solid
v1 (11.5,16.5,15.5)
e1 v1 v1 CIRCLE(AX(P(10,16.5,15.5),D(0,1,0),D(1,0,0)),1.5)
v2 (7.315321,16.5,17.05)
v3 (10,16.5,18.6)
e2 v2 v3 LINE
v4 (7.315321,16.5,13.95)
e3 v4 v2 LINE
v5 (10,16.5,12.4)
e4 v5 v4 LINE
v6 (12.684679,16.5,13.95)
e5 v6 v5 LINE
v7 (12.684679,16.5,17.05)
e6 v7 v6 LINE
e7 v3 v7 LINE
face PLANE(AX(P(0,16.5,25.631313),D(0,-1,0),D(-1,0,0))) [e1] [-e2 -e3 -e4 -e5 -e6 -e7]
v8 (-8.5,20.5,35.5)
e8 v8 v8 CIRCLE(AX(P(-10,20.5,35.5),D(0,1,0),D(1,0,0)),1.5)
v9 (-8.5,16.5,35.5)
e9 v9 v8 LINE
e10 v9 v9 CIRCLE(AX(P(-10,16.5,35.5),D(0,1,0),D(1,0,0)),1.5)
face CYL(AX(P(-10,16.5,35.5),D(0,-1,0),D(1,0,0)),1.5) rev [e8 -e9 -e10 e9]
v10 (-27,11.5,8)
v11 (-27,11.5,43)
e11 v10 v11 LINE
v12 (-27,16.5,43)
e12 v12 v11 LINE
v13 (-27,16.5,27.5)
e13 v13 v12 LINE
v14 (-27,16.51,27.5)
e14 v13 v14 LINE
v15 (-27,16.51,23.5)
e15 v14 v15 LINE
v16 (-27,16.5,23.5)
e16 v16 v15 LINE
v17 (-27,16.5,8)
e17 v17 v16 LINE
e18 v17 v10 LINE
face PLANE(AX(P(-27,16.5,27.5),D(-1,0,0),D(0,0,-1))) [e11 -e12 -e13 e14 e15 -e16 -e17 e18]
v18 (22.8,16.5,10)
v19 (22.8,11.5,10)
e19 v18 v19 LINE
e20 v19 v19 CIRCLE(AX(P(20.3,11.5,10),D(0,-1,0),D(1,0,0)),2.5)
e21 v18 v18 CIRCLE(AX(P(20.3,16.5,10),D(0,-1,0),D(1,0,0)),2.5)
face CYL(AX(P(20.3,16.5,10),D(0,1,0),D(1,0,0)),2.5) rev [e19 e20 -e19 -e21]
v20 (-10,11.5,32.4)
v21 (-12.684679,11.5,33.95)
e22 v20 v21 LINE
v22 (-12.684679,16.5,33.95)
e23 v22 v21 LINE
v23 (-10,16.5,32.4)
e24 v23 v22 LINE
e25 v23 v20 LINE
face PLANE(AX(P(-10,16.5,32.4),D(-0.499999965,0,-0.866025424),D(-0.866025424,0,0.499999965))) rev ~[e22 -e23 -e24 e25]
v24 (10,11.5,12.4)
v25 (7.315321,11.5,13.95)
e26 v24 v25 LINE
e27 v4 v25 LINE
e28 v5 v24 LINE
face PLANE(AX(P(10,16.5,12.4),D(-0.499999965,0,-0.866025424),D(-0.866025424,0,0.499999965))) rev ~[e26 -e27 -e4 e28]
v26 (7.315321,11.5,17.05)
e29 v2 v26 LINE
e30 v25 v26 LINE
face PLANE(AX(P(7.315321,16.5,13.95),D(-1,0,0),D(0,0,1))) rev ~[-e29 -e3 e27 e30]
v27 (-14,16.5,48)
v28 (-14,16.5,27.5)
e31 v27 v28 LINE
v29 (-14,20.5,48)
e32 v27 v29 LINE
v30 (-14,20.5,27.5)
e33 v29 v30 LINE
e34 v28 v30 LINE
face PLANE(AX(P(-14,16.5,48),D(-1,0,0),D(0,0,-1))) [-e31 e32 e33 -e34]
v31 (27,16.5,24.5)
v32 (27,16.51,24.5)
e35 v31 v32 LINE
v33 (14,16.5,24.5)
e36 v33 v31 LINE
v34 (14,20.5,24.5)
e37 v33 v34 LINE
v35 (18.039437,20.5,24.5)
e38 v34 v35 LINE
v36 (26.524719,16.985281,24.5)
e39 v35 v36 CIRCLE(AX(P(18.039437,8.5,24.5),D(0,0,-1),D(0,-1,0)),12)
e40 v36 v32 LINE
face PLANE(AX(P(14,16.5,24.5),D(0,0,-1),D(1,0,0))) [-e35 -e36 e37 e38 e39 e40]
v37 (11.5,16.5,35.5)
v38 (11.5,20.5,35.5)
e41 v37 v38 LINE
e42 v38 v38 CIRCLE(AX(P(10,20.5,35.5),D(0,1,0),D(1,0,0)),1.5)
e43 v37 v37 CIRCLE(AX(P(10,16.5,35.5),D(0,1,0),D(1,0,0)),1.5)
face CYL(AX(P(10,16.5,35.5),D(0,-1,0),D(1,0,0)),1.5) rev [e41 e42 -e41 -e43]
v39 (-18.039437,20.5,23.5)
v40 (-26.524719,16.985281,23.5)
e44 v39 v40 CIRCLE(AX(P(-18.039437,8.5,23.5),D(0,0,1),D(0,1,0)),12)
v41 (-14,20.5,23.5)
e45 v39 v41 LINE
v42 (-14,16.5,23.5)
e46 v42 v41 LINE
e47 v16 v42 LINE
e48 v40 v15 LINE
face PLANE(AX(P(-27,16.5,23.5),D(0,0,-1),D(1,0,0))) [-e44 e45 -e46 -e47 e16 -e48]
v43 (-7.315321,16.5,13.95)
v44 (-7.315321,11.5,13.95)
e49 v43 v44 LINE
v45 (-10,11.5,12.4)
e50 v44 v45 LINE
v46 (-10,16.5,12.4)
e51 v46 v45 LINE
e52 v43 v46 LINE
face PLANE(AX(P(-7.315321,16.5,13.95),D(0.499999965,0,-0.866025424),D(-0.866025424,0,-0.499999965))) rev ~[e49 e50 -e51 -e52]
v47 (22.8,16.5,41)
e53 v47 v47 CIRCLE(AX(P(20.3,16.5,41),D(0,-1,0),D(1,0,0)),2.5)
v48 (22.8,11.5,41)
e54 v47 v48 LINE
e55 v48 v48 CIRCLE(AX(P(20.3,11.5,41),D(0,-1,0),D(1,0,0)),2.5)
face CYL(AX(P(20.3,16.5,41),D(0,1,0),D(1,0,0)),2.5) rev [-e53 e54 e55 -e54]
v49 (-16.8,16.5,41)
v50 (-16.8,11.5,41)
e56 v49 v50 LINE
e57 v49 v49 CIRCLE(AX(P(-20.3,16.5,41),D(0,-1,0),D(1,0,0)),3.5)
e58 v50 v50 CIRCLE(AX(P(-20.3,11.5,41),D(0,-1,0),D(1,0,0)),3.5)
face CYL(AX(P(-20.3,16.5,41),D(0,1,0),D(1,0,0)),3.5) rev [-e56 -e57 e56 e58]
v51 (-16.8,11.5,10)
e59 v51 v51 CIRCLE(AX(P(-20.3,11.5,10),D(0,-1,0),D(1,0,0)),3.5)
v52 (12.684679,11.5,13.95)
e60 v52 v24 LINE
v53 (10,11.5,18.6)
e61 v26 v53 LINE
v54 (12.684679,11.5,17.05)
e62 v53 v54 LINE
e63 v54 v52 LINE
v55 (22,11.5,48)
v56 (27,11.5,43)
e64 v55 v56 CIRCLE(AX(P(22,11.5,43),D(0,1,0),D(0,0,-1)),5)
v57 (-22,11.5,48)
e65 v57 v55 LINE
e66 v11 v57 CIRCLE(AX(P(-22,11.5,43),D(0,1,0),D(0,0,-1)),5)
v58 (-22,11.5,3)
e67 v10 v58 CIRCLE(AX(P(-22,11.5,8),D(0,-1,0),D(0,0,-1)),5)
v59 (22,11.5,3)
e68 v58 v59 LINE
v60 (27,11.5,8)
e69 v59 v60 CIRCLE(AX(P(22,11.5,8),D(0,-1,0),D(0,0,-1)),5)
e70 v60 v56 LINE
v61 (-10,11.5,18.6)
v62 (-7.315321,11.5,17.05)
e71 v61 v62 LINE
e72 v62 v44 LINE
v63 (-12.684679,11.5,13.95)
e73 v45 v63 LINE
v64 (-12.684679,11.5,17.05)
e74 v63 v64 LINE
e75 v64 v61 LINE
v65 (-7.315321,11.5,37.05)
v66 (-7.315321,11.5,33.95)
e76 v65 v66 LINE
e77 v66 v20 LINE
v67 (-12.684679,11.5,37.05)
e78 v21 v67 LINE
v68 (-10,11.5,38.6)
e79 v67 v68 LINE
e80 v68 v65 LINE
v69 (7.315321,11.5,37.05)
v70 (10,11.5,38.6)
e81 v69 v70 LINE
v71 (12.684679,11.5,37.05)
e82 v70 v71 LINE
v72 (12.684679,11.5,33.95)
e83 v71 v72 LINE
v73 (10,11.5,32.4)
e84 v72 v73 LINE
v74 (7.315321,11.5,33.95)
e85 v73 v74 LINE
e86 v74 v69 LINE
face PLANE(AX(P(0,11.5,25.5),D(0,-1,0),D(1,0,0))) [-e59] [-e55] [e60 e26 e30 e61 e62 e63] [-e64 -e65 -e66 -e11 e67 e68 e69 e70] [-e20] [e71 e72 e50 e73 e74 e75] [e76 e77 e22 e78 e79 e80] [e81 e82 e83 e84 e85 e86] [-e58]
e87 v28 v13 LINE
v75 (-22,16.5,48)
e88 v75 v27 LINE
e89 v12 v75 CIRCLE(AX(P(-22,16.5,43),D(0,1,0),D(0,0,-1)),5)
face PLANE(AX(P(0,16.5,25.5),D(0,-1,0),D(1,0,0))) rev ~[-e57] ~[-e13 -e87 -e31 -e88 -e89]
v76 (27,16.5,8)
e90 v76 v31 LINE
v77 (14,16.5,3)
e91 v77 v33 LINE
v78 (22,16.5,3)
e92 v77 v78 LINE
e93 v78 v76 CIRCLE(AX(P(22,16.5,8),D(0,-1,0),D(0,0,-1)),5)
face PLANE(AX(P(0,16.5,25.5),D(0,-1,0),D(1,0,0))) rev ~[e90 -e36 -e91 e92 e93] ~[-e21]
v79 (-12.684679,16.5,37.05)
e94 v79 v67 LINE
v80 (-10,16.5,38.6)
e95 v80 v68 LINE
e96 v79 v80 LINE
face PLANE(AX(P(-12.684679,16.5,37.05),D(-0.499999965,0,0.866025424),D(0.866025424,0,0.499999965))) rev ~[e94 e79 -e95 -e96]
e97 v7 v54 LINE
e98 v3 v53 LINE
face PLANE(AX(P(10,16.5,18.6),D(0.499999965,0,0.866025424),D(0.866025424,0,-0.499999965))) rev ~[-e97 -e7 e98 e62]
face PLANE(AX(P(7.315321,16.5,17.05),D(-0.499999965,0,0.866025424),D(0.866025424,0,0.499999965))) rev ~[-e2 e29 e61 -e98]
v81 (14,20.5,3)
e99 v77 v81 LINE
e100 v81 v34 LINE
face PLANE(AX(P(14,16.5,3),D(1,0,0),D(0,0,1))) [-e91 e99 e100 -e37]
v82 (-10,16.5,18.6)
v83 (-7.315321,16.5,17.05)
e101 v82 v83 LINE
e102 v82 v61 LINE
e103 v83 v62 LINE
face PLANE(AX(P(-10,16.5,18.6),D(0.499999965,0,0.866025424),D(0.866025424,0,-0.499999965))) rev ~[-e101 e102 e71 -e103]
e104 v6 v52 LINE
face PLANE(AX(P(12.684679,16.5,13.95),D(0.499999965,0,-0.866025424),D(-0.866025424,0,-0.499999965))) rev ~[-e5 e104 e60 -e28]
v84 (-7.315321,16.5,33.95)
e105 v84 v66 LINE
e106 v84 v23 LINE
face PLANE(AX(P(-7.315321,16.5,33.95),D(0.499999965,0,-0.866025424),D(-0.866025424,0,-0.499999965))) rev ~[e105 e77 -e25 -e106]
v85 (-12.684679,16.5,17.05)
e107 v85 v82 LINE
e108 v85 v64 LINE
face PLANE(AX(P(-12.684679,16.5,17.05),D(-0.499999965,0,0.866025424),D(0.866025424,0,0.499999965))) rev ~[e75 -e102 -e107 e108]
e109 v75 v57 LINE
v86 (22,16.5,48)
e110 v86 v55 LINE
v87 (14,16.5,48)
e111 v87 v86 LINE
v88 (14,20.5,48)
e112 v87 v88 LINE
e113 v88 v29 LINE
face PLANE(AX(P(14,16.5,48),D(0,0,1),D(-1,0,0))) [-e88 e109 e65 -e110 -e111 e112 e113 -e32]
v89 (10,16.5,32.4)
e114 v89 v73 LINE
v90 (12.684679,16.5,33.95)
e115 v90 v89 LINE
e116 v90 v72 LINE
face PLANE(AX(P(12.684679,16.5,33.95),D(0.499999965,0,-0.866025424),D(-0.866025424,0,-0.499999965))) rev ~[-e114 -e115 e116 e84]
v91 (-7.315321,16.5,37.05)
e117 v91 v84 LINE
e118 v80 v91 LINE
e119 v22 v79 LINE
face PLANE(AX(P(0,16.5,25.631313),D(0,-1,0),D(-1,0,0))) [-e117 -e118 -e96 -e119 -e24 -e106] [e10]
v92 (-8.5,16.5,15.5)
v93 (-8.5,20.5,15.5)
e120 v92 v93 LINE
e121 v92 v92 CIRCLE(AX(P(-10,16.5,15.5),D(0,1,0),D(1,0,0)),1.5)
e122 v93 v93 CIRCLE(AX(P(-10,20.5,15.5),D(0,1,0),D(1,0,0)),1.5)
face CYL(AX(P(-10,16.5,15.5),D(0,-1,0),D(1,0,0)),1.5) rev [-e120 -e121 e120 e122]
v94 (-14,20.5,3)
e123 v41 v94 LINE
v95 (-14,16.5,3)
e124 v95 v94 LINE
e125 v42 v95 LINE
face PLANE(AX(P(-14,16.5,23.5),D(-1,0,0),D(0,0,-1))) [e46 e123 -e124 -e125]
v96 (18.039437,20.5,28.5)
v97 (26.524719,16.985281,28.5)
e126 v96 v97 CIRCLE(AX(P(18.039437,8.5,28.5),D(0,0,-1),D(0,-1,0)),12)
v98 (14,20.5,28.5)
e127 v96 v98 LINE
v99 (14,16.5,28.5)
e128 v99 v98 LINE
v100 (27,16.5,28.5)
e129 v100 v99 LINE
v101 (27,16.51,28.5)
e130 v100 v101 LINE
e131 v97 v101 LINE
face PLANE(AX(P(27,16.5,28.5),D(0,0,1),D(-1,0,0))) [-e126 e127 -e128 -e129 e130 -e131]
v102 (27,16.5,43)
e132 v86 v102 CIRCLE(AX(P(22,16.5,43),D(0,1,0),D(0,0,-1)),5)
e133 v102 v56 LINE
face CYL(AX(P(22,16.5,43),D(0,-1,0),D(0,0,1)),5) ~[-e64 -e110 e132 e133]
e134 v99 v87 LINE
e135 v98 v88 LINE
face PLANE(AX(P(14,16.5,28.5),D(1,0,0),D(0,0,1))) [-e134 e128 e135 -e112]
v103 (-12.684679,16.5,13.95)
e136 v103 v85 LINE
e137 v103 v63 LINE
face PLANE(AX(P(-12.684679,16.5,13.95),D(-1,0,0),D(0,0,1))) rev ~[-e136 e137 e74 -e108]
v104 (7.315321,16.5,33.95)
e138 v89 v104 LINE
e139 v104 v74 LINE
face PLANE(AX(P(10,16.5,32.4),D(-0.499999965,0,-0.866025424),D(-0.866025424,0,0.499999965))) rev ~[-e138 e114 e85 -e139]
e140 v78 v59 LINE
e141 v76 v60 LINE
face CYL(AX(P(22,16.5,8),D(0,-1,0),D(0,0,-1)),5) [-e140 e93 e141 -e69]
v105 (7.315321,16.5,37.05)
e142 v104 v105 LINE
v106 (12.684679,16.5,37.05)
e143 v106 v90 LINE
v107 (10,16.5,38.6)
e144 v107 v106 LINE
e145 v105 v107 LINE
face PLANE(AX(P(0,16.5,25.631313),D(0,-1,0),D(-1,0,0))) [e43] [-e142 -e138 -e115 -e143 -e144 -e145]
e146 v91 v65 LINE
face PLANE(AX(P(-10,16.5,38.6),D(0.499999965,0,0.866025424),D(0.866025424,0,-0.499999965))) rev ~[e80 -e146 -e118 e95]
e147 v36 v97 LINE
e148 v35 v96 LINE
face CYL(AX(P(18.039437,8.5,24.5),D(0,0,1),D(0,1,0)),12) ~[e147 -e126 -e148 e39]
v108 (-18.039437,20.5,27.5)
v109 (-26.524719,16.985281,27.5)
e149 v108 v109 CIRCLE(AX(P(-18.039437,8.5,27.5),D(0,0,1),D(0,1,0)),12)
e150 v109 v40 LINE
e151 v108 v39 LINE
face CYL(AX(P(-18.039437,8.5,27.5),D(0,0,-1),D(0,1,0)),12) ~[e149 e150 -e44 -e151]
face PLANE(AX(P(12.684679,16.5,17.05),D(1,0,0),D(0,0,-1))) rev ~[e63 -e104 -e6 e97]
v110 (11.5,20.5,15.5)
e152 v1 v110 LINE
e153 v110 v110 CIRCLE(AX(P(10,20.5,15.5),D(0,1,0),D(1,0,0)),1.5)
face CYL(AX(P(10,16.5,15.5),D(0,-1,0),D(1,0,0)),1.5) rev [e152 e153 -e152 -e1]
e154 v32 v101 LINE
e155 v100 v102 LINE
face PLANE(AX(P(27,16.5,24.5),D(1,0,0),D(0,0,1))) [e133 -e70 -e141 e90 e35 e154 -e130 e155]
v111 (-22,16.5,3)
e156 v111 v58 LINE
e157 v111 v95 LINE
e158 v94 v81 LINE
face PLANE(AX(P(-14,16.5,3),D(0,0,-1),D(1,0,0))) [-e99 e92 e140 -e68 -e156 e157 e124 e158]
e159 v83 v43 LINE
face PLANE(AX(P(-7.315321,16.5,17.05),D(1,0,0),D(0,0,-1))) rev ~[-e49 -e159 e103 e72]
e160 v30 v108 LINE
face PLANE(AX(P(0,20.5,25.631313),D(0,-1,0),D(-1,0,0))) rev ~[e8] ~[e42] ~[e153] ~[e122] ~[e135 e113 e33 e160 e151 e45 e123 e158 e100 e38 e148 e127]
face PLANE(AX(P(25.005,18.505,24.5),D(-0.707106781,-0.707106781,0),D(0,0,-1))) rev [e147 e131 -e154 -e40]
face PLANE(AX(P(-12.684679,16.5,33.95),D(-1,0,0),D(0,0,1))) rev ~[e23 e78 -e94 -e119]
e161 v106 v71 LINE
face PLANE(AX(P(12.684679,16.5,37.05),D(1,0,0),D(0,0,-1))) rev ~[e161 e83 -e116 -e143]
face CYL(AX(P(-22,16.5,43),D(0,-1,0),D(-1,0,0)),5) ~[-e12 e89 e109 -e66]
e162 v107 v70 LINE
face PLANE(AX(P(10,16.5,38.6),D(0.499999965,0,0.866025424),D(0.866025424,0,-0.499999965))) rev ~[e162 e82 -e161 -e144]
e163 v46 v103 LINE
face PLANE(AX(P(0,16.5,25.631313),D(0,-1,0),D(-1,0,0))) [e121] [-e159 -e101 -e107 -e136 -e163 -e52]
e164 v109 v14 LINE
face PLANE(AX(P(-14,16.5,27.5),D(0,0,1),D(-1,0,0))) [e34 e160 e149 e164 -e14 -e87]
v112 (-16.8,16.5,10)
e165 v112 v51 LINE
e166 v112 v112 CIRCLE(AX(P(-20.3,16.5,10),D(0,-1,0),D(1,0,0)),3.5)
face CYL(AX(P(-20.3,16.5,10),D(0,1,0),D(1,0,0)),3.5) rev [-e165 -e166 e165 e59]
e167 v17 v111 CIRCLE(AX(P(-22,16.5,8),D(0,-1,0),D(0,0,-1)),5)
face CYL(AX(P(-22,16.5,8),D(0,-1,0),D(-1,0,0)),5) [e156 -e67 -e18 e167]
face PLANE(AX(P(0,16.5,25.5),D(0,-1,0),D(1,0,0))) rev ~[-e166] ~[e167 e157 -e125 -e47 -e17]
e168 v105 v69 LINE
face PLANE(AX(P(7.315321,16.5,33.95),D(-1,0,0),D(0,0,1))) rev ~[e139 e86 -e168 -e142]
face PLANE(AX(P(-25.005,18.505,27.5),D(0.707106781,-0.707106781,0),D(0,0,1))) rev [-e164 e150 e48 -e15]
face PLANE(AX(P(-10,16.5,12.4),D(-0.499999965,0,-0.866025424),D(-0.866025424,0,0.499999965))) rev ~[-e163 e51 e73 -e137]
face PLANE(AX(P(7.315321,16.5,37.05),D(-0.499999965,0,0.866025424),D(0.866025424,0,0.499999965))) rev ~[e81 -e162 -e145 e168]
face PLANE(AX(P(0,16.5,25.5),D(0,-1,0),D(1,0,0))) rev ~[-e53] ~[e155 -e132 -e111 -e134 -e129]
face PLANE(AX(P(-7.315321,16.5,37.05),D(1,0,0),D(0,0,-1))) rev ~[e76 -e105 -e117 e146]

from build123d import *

# Parameters (mm, degrees)
SKETCH005_W   = 54
SKETCH005_H   = 45
SKETCH005_R   = 3.5
SKETCH005_R_2 = 2.5
PAD001_DEPTH  = 5
FILLET_R      = 5
POCKET_DEPTH  = 5
SKETCH007_R   = 1.5
PAD002_DEPTH  = 4
CHAMFER_SIZE  = 3.99
FILLET001_R   = 12


with BuildPart() as part:
    # Sketch005 → Pad001 (new body)
    with BuildSketch(Plane.XZ):
        with Locations((0, 25.5)):
            Rectangle(SKETCH005_W, SKETCH005_H)
        with Locations((-20.3, 41)):
            Circle(SKETCH005_R, mode=Mode.SUBTRACT)
        with Locations((-20.3, 10)):
            Circle(SKETCH005_R, mode=Mode.SUBTRACT)
        with Locations((20.3, 10)):
            Circle(SKETCH005_R_2, mode=Mode.SUBTRACT)
        with Locations((20.3, 41)):
            Circle(SKETCH005_R_2, mode=Mode.SUBTRACT)
    extrude(amount=PAD001_DEPTH)

    # Fillet
    fillet_edges = [part.edges().sort_by_distance(p)[0] for p in [
        (-27, -2.5, 48),
        (-27, -2.5, 3),
        (27, -2.5, 48),
        (27, -2.5, 3),
    ]]
    fillet(fillet_edges, radius=FILLET_R)

    # Sketch006 (on Face2 of Fillet) → Pocket (cut)
    with BuildSketch(Plane(origin=(0, 0, 0), x_dir=(1, 0, 0), z_dir=(0, 1, 0))):
        Polygon((-7.315321, -17.05), (-7.315321, -13.95), (-10, -12.4), (-12.684679, -13.95), (-12.684679, -17.05), (-10, -18.6), align=None)
        Polygon((-7.315321, -33.95), (-10, -32.4), (-12.684679, -33.95), (-12.684679, -37.05), (-10, -38.6), (-7.315321, -37.05), align=None)
        Polygon((12.684679, -37.05), (12.684679, -33.95), (10, -32.4), (7.315321, -33.95), (7.315321, -37.05), (10, -38.6), align=None)
        Polygon((12.684679, -17.05), (12.684679, -13.95), (10, -12.4), (7.315321, -13.95), (7.315321, -17.05), (10, -18.6), align=None)
    extrude(amount=-POCKET_DEPTH, mode=Mode.SUBTRACT)

    # Sketch007 (on Face2 of Pocket) → Pad002 (join)
    with BuildSketch(Plane(origin=(0, 0, 0), x_dir=(1, 0, 0), z_dir=(0, 1, 0))):
        Polygon((-14, -3), (14, -3), (14, -24.5), (27, -24.5), (27, -28.5), (14, -28.5), (14, -48), (-14, -48), (-14, -27.5), (-27, -27.5), (-27, -23.5), (-14, -23.5), align=None)
        with Locations((-10, -15.5)):
            Circle(SKETCH007_R, mode=Mode.SUBTRACT)
        with Locations((10, -15.5)):
            Circle(SKETCH007_R, mode=Mode.SUBTRACT)
        with Locations((-10, -35.5)):
            Circle(SKETCH007_R, mode=Mode.SUBTRACT)
        with Locations((10, -35.5)):
            Circle(SKETCH007_R, mode=Mode.SUBTRACT)
    extrude(amount=PAD002_DEPTH)

    # Chamfer
    chamfer_edges = [part.edges().sort_by_distance(p)[0] for p in [
        (27, 4, 26.5),
        (-27, 4, 25.5),
    ]]
    chamfer(chamfer_edges, length=CHAMFER_SIZE)

    # Fillet001
    fillet001_edges = [part.edges().sort_by_distance(p)[0] for p in [
        (23.01, 4, 26.5),
        (-23.01, 4, 25.5),
    ]]
    fillet(fillet001_edges, radius=FILLET001_R)


with BuildPart() as part_1:
    # Body005 placement: moved
    add(part.part.moved(Location((0, 16.5, 0))))


solid = part_1.part
